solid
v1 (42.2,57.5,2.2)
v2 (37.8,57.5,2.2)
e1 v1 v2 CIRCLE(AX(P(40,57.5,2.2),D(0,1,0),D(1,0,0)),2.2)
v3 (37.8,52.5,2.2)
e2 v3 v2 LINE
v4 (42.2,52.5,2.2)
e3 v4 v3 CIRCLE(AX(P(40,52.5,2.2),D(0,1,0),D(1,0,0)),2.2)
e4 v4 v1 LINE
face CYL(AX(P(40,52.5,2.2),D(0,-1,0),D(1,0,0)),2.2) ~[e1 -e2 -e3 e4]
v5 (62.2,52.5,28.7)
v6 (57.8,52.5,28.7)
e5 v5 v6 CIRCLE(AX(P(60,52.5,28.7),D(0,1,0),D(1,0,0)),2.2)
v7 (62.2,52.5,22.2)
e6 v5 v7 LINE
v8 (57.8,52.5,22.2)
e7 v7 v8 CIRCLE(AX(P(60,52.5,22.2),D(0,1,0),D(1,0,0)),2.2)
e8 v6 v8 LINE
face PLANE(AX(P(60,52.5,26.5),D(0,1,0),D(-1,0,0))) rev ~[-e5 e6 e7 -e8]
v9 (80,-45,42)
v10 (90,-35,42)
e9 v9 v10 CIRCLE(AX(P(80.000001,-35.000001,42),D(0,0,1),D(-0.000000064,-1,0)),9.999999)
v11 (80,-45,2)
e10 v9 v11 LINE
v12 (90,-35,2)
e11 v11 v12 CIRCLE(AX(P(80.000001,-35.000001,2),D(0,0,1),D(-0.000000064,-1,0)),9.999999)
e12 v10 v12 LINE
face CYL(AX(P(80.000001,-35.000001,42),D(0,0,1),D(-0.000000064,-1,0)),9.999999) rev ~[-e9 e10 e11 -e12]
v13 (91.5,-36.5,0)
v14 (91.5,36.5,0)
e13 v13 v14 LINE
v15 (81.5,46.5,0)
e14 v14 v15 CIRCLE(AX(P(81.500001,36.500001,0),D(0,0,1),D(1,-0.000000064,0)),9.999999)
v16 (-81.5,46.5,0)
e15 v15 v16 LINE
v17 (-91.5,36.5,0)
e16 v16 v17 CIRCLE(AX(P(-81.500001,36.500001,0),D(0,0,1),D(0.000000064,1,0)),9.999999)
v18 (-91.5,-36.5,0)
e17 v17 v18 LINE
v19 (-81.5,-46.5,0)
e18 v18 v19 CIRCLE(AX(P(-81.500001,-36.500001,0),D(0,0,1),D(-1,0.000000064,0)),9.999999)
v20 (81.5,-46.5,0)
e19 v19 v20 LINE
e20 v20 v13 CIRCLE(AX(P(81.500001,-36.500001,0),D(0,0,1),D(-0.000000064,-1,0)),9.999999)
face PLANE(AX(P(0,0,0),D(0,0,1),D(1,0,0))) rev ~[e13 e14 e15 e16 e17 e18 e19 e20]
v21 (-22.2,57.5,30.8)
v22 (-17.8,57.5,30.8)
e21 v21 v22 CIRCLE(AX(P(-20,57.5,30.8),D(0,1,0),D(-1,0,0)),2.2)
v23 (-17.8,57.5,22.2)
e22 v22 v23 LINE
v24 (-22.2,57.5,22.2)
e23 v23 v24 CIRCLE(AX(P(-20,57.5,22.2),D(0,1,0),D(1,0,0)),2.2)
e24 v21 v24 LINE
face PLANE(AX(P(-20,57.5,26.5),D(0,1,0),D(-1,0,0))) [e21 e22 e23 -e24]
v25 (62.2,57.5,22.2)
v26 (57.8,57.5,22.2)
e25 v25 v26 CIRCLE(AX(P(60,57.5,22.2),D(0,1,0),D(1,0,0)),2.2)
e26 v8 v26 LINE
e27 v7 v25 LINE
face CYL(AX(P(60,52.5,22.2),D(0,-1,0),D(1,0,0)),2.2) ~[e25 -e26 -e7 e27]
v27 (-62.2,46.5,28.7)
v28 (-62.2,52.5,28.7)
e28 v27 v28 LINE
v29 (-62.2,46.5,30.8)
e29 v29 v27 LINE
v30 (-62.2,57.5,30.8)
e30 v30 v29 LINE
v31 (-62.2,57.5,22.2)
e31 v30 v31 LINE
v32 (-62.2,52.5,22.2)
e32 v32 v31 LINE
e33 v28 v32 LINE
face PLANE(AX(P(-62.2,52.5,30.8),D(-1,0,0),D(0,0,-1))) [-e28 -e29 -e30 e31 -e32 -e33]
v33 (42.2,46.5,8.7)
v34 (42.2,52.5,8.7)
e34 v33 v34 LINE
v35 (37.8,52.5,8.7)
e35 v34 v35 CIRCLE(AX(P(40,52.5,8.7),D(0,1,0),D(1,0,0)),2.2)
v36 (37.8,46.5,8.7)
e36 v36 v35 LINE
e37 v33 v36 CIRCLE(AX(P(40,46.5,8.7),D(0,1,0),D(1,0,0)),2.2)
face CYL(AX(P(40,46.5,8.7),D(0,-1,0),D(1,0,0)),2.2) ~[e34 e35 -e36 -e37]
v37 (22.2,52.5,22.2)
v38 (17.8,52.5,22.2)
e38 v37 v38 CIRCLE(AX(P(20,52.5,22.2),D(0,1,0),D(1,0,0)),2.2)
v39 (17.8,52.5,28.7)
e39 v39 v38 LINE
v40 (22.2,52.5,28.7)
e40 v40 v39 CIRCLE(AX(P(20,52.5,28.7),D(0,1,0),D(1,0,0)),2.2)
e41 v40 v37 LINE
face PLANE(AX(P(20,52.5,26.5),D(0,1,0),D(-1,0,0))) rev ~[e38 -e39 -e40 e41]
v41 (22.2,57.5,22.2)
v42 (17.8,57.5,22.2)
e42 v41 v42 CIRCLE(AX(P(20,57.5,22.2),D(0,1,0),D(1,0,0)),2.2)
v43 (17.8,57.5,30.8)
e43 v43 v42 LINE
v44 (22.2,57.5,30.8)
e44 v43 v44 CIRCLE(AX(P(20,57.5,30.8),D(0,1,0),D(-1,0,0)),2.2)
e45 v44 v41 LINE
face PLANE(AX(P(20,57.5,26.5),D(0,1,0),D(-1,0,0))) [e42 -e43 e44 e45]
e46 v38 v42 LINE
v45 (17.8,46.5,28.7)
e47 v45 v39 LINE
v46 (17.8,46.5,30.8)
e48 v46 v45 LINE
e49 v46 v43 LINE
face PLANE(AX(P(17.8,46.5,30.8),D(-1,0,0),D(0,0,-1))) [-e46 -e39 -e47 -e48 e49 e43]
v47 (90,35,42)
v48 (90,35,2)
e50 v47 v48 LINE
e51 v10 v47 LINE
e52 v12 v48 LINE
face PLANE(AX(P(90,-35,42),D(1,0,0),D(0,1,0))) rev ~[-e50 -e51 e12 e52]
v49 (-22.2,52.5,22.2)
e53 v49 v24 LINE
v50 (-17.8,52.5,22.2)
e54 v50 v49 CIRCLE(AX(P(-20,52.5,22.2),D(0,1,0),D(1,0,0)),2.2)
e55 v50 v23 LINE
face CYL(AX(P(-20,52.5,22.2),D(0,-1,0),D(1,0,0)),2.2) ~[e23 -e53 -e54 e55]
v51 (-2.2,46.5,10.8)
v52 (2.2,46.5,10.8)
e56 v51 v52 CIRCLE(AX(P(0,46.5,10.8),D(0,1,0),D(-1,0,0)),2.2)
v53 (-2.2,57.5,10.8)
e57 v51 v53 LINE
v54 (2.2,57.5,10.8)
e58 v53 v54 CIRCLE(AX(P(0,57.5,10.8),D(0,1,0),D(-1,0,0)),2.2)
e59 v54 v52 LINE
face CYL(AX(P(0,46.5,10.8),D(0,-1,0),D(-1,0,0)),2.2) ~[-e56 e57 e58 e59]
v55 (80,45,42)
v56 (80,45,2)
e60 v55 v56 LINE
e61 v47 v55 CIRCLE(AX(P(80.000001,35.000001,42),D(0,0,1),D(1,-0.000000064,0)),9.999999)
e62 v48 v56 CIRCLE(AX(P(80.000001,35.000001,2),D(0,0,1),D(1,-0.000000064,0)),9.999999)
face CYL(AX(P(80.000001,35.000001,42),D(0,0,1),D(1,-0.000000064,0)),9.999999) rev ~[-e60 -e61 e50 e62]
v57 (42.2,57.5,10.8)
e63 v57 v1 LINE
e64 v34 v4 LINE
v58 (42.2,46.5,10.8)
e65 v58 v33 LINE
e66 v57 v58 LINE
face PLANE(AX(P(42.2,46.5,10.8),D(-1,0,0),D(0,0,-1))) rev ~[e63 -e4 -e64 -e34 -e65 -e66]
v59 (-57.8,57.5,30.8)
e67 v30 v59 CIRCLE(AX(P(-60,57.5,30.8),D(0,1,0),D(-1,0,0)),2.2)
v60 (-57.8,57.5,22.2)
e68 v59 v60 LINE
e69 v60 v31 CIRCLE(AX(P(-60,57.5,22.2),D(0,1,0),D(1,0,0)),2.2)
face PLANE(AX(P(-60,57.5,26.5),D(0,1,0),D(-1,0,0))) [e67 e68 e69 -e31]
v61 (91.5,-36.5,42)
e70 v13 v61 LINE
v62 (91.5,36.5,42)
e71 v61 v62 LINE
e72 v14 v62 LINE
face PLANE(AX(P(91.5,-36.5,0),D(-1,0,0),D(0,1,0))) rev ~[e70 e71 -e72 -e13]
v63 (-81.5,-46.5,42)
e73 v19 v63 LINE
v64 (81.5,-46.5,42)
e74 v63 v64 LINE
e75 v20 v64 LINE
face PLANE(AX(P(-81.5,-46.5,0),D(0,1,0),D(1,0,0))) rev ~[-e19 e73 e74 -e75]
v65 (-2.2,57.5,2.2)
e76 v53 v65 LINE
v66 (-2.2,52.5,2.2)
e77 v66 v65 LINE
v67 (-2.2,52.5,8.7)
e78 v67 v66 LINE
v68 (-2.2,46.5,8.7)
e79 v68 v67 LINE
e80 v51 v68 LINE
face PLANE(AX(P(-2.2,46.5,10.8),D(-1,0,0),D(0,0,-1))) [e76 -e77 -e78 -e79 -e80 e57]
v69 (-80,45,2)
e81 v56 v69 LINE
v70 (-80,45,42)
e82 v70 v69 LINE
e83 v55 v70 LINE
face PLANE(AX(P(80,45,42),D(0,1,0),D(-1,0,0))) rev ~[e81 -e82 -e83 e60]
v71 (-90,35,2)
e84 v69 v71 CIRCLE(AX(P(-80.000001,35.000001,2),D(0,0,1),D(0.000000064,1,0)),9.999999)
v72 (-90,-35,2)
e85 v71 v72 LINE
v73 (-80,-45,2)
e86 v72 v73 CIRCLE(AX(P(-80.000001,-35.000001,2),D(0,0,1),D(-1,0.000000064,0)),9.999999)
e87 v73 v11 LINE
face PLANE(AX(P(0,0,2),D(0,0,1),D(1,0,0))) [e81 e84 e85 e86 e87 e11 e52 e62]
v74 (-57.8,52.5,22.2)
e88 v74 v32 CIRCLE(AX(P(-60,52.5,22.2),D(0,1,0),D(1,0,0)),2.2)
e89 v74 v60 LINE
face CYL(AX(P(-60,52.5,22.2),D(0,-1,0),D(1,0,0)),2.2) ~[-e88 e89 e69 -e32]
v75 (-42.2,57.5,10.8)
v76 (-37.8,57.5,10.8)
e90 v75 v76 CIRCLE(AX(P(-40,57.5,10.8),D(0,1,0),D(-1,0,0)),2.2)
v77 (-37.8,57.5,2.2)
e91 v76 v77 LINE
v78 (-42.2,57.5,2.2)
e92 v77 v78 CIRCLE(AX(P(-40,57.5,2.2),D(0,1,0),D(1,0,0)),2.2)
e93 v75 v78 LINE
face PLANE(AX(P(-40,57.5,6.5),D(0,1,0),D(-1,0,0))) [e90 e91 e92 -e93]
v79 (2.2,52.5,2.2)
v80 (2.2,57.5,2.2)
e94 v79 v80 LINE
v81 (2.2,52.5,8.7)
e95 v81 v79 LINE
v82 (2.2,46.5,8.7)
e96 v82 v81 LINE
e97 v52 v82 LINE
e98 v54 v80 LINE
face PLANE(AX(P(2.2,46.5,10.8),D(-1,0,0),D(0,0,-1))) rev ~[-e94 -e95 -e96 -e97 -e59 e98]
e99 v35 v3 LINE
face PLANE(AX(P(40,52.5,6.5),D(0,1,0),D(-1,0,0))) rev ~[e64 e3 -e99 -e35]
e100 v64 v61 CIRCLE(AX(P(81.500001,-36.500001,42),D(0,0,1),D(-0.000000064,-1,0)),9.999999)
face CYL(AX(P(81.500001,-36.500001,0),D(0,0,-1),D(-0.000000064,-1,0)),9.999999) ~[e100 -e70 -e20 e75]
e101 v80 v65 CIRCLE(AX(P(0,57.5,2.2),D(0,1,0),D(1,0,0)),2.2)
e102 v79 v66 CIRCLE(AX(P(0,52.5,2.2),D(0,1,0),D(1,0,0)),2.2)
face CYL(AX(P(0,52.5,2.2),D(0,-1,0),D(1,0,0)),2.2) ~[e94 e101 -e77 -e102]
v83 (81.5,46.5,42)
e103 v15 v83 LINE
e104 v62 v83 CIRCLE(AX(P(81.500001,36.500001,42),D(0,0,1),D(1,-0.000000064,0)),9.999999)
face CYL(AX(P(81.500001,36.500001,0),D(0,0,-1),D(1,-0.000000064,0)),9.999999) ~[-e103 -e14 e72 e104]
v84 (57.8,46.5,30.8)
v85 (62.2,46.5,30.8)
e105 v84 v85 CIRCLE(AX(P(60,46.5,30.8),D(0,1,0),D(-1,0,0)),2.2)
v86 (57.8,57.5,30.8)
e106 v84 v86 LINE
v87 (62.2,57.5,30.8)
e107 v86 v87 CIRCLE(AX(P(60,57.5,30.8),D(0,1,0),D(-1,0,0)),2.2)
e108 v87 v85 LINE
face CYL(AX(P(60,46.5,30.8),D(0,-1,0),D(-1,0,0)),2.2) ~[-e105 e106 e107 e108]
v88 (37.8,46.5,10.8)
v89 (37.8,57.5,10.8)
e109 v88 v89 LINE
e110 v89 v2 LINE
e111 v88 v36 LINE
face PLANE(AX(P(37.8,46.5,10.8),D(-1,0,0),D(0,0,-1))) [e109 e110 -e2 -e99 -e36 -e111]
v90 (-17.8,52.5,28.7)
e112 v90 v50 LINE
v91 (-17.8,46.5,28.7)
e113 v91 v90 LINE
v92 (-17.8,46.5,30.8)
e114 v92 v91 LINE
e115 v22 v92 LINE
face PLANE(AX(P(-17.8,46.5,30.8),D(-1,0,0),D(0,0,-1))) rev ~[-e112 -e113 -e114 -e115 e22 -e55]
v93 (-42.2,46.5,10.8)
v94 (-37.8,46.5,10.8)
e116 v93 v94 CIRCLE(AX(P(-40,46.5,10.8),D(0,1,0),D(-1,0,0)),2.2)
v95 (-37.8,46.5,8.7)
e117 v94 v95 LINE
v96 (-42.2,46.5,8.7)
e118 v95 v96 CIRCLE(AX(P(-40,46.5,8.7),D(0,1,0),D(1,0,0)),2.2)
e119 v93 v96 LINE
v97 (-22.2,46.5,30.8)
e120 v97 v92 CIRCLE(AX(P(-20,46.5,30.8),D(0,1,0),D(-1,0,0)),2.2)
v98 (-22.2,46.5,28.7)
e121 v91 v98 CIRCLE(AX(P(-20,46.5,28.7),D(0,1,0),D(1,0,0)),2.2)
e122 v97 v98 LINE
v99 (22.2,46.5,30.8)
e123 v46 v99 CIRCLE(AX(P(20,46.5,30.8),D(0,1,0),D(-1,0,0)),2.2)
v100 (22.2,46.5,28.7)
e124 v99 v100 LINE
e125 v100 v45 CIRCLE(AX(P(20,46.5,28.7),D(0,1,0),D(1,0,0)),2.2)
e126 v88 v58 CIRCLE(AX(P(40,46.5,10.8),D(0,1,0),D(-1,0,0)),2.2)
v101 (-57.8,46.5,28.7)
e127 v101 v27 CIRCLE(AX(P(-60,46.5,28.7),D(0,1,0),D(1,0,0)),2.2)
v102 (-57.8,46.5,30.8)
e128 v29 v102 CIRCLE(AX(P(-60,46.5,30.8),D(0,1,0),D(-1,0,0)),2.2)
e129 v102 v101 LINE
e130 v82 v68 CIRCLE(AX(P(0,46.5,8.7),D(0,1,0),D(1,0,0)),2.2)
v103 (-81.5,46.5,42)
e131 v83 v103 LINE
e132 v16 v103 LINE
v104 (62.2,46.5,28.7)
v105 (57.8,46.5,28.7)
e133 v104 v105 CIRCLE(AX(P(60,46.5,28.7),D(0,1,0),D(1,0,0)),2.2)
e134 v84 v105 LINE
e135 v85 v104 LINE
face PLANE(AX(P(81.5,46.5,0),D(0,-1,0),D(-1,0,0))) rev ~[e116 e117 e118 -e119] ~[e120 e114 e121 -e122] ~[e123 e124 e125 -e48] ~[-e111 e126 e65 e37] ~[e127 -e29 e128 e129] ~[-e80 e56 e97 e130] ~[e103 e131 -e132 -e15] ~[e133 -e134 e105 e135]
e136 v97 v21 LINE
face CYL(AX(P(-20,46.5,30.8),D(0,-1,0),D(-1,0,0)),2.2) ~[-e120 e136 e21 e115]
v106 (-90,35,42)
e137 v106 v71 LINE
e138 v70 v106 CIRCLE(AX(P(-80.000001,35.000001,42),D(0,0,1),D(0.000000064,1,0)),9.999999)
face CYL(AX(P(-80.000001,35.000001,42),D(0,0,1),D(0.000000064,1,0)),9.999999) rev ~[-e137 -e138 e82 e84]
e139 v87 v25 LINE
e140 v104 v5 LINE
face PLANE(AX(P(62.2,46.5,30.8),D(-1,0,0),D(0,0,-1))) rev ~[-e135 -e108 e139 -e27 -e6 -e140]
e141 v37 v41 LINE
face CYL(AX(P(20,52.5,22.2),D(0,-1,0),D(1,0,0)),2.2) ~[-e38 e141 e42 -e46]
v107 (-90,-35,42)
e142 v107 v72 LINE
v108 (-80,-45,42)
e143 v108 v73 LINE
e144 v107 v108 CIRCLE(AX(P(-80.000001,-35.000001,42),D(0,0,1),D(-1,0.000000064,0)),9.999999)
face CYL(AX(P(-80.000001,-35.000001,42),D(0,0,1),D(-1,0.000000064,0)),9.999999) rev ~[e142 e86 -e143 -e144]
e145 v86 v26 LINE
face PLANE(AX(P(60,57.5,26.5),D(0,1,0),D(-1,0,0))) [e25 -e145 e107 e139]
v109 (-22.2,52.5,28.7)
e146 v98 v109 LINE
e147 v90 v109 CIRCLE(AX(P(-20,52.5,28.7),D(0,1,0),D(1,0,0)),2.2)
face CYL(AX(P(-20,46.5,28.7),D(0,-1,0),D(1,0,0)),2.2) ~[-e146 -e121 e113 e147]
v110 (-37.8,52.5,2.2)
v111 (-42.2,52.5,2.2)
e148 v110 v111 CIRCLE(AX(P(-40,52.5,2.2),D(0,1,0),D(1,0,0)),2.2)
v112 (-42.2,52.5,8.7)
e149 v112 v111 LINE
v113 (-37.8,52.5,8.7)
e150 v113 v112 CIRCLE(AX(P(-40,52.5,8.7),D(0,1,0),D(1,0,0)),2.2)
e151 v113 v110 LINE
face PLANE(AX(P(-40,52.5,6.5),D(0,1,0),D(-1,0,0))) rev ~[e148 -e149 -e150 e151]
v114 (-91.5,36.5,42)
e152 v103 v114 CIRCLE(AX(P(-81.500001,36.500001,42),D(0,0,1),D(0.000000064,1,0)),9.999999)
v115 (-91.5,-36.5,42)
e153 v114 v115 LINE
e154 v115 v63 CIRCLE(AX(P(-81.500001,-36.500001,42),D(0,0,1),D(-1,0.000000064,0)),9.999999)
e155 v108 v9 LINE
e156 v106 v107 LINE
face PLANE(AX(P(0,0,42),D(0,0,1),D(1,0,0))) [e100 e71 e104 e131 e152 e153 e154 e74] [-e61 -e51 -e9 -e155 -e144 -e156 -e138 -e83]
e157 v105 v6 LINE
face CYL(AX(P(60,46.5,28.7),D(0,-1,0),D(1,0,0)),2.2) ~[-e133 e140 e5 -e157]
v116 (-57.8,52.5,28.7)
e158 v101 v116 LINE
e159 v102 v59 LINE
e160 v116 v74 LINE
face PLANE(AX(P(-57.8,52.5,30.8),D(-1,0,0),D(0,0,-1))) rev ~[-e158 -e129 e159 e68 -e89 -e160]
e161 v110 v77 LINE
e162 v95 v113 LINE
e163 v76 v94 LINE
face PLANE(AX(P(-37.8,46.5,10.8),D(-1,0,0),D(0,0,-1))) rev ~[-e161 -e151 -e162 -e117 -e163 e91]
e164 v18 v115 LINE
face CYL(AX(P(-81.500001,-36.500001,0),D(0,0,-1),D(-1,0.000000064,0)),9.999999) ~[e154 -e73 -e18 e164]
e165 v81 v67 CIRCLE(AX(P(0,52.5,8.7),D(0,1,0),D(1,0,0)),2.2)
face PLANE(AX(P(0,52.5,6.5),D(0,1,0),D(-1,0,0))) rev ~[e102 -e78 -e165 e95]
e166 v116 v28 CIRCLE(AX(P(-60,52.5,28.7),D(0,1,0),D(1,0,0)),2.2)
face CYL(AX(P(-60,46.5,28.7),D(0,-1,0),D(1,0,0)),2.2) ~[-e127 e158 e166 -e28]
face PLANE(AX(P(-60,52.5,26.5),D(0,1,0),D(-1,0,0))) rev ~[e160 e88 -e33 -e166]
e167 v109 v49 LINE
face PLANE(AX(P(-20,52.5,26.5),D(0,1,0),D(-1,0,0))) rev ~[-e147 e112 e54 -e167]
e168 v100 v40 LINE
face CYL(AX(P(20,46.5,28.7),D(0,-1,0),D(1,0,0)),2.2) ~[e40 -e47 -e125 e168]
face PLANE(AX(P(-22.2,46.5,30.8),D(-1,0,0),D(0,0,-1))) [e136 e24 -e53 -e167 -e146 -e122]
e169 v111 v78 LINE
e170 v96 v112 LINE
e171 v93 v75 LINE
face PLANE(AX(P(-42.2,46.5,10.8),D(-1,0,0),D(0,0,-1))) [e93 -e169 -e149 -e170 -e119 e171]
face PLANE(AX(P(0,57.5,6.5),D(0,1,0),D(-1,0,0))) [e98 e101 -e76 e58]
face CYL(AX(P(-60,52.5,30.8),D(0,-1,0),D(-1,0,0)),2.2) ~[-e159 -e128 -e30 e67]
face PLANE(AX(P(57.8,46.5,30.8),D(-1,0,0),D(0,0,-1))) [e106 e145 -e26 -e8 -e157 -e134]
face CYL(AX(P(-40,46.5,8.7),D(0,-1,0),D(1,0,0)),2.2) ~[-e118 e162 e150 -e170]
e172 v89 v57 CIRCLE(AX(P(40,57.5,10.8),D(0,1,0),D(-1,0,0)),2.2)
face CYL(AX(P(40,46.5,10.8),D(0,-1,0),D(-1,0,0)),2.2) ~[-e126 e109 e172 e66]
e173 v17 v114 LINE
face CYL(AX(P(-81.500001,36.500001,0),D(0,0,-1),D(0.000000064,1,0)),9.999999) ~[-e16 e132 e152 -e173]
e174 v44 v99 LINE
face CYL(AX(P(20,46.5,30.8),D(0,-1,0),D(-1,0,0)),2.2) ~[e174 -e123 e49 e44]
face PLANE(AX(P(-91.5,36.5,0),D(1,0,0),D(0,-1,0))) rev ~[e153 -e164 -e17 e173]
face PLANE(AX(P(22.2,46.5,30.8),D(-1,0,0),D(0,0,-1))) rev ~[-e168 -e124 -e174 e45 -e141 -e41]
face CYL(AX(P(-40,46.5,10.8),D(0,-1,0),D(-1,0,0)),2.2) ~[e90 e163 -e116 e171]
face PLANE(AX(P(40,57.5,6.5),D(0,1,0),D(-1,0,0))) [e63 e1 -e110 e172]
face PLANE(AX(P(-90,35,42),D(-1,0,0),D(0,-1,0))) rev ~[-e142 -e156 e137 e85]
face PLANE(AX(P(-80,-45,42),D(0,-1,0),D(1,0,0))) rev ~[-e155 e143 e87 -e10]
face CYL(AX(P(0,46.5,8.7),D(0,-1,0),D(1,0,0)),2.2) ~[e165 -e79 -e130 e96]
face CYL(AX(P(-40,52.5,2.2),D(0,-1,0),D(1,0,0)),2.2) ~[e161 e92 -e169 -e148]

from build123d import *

# Parameters (mm, degrees)
PAD_DEPTH    = 42
POCKET_DEPTH = 40
PAD001_DEPTH = 6
PAD002_DEPTH = 5


with BuildPart() as part:
    # Sketch → Pad (new body)
    with BuildSketch(Plane.XY):
        with BuildLine():
            Line((-91.5, 36.5), (-91.5, -36.5))
            ThreePointArc((-91.5, -36.5), (-88.571068, -43.571068), (-81.5, -46.5))
            Line((-81.5, -46.5), (81.5, -46.5))
            ThreePointArc((81.5, -46.5), (88.571068, -43.571068), (91.5, -36.5))
            Line((91.5, -36.5), (91.5, 36.5))
            ThreePointArc((91.5, 36.5), (88.571068, 43.571068), (81.5, 46.5))
            Line((81.5, 46.5), (-81.5, 46.5))
            ThreePointArc((-81.5, 46.5), (-88.571068, 43.571068), (-91.5, 36.5))
        make_face()
    extrude(amount=PAD_DEPTH)

    # Sketch001 (on Face10 of Pad) → Pocket (cut)
    with BuildSketch(Plane.XY.offset(42)):
        with BuildLine():
            Line((-90, 35), (-90, -35))
            ThreePointArc((-90, -35), (-87.071068, -42.071068), (-80, -45))
            Line((-80, -45), (80, -45))
            ThreePointArc((80, -45), (87.071068, -42.071068), (90, -35))
            Line((90, -35), (90, 35))
            ThreePointArc((90, 35), (87.071068, 42.071068), (80, 45))
            Line((80, 45), (-80, 45))
            ThreePointArc((-80, 45), (-87.071068, 42.071068), (-90, 35))
        make_face()
    extrude(amount=-POCKET_DEPTH, mode=Mode.SUBTRACT)

    # Sketch002 (on Face6 of Pocket) → Pad001 (join)
    with BuildSketch(Plane(origin=(0, 46.5, 0), x_dir=(-1, 0, 0), z_dir=(0, 1, 0))):
        with BuildLine():
            ThreePointArc((-17.8, 30.8), (-20, 33), (-22.2, 30.8))
            Line((-22.2, 30.8), (-22.2, 28.7))
            ThreePointArc((-22.2, 28.7), (-20, 26.5), (-17.8, 28.7))
            Line((-17.8, 30.8), (-17.8, 28.7))
        make_face()
        with BuildLine():
            ThreePointArc((22.2, 30.8), (20, 33), (17.8, 30.8))
            Line((17.8, 30.8), (17.8, 28.7))
            ThreePointArc((17.8, 28.7), (20, 26.5), (22.2, 28.7))
            Line((22.2, 30.8), (22.2, 28.7))
        make_face()
        with BuildLine():
            ThreePointArc((62.2, 30.8), (60, 33), (57.8, 30.8))
            Line((57.8, 30.8), (57.8, 28.7))
            ThreePointArc((57.8, 28.7), (60, 26.5), (62.2, 28.7))
            Line((62.2, 30.8), (62.2, 28.7))
        make_face()
        with BuildLine():
            ThreePointArc((-37.8, 10.8), (-40, 13), (-42.2, 10.8))
            Line((-42.2, 10.8), (-42.2, 8.7))
            ThreePointArc((-42.2, 8.7), (-40, 6.5), (-37.8, 8.7))
            Line((-37.8, 10.8), (-37.8, 8.7))
        make_face()
        with BuildLine():
            ThreePointArc((2.2, 10.8), (0, 13), (-2.2, 10.8))
            Line((-2.2, 10.8), (-2.2, 8.7))
            ThreePointArc((-2.2, 8.7), (0, 6.5), (2.2, 8.7))
            Line((2.2, 10.8), (2.2, 8.7))
        make_face()
        with BuildLine():
            ThreePointArc((42.2, 10.8), (40, 13), (37.8, 10.8))
            Line((37.8, 10.8), (37.8, 8.7))
            ThreePointArc((37.8, 8.7), (40, 6.5), (42.2, 8.7))
            Line((42.2, 10.8), (42.2, 8.7))
        make_face()
        with BuildLine():
            ThreePointArc((-57.8, 30.8), (-60, 33), (-62.2, 30.8))
            Line((-62.2, 30.8), (-62.2, 28.7))
            ThreePointArc((-62.2, 28.7), (-60, 26.5), (-57.8, 28.7))
            Line((-57.8, 30.8), (-57.8, 28.7))
        make_face()
    extrude(amount=PAD001_DEPTH)

    # Sketch003 (on Face49 of Pad001) → Pad002 (join)
    with BuildSketch(Plane(origin=(0, 52.5, 0), x_dir=(-1, 0, 0), z_dir=(0, 1, 0))):
        with BuildLine():
            ThreePointArc((62.2, 30.8), (60, 33), (57.8, 30.8))
            Line((57.8, 30.8), (57.8, 22.2))
            ThreePointArc((57.8, 22.2), (60, 20), (62.2, 22.2))
            Line((62.2, 30.8), (62.2, 22.2))
        make_face()
        with BuildLine():
            ThreePointArc((22.2, 30.8), (20, 33), (17.8, 30.8))
            Line((17.8, 30.8), (17.8, 22.2))
            ThreePointArc((17.8, 22.2), (20, 20), (22.2, 22.2))
            Line((22.2, 30.8), (22.2, 22.2))
        make_face()
        with BuildLine():
            ThreePointArc((42.2, 10.8), (40, 13), (37.8, 10.8))
            Line((37.8, 10.8), (37.8, 2.2))
            ThreePointArc((37.8, 2.2), (40, 0), (42.2, 2.2))
            Line((42.2, 10.8), (42.2, 2.2))
        make_face()
        with BuildLine():
            ThreePointArc((-17.8, 30.8), (-20, 33), (-22.2, 30.8))
            Line((-22.2, 30.8), (-22.2, 22.2))
            ThreePointArc((-22.2, 22.2), (-20, 20), (-17.8, 22.2))
            Line((-17.8, 30.8), (-17.8, 22.2))
        make_face()
        with BuildLine():
            ThreePointArc((2.2, 10.8), (0, 13), (-2.2, 10.8))
            Line((-2.2, 10.8), (-2.2, 2.2))
            ThreePointArc((-2.2, 2.2), (0, 0), (2.2, 2.2))
            Line((2.2, 10.8), (2.2, 2.2))
        make_face()
        with BuildLine():
            ThreePointArc((-37.8, 10.8), (-40, 13), (-42.2, 10.8))
            Line((-42.2, 10.8), (-42.2, 2.2))
            ThreePointArc((-42.2, 2.2), (-40, 0), (-37.8, 2.2))
            Line((-37.8, 10.8), (-37.8, 2.2))
        make_face()
        with BuildLine():
            ThreePointArc((-57.8, 30.8), (-60, 33), (-62.2, 30.8))
            Line((-62.2, 30.8), (-62.2, 22.2))
            ThreePointArc((-62.2, 22.2), (-60, 20), (-57.8, 22.2))
            Line((-57.8, 30.8), (-57.8, 22.2))
        make_face()
    extrude(amount=PAD002_DEPTH)


solid = part.part
